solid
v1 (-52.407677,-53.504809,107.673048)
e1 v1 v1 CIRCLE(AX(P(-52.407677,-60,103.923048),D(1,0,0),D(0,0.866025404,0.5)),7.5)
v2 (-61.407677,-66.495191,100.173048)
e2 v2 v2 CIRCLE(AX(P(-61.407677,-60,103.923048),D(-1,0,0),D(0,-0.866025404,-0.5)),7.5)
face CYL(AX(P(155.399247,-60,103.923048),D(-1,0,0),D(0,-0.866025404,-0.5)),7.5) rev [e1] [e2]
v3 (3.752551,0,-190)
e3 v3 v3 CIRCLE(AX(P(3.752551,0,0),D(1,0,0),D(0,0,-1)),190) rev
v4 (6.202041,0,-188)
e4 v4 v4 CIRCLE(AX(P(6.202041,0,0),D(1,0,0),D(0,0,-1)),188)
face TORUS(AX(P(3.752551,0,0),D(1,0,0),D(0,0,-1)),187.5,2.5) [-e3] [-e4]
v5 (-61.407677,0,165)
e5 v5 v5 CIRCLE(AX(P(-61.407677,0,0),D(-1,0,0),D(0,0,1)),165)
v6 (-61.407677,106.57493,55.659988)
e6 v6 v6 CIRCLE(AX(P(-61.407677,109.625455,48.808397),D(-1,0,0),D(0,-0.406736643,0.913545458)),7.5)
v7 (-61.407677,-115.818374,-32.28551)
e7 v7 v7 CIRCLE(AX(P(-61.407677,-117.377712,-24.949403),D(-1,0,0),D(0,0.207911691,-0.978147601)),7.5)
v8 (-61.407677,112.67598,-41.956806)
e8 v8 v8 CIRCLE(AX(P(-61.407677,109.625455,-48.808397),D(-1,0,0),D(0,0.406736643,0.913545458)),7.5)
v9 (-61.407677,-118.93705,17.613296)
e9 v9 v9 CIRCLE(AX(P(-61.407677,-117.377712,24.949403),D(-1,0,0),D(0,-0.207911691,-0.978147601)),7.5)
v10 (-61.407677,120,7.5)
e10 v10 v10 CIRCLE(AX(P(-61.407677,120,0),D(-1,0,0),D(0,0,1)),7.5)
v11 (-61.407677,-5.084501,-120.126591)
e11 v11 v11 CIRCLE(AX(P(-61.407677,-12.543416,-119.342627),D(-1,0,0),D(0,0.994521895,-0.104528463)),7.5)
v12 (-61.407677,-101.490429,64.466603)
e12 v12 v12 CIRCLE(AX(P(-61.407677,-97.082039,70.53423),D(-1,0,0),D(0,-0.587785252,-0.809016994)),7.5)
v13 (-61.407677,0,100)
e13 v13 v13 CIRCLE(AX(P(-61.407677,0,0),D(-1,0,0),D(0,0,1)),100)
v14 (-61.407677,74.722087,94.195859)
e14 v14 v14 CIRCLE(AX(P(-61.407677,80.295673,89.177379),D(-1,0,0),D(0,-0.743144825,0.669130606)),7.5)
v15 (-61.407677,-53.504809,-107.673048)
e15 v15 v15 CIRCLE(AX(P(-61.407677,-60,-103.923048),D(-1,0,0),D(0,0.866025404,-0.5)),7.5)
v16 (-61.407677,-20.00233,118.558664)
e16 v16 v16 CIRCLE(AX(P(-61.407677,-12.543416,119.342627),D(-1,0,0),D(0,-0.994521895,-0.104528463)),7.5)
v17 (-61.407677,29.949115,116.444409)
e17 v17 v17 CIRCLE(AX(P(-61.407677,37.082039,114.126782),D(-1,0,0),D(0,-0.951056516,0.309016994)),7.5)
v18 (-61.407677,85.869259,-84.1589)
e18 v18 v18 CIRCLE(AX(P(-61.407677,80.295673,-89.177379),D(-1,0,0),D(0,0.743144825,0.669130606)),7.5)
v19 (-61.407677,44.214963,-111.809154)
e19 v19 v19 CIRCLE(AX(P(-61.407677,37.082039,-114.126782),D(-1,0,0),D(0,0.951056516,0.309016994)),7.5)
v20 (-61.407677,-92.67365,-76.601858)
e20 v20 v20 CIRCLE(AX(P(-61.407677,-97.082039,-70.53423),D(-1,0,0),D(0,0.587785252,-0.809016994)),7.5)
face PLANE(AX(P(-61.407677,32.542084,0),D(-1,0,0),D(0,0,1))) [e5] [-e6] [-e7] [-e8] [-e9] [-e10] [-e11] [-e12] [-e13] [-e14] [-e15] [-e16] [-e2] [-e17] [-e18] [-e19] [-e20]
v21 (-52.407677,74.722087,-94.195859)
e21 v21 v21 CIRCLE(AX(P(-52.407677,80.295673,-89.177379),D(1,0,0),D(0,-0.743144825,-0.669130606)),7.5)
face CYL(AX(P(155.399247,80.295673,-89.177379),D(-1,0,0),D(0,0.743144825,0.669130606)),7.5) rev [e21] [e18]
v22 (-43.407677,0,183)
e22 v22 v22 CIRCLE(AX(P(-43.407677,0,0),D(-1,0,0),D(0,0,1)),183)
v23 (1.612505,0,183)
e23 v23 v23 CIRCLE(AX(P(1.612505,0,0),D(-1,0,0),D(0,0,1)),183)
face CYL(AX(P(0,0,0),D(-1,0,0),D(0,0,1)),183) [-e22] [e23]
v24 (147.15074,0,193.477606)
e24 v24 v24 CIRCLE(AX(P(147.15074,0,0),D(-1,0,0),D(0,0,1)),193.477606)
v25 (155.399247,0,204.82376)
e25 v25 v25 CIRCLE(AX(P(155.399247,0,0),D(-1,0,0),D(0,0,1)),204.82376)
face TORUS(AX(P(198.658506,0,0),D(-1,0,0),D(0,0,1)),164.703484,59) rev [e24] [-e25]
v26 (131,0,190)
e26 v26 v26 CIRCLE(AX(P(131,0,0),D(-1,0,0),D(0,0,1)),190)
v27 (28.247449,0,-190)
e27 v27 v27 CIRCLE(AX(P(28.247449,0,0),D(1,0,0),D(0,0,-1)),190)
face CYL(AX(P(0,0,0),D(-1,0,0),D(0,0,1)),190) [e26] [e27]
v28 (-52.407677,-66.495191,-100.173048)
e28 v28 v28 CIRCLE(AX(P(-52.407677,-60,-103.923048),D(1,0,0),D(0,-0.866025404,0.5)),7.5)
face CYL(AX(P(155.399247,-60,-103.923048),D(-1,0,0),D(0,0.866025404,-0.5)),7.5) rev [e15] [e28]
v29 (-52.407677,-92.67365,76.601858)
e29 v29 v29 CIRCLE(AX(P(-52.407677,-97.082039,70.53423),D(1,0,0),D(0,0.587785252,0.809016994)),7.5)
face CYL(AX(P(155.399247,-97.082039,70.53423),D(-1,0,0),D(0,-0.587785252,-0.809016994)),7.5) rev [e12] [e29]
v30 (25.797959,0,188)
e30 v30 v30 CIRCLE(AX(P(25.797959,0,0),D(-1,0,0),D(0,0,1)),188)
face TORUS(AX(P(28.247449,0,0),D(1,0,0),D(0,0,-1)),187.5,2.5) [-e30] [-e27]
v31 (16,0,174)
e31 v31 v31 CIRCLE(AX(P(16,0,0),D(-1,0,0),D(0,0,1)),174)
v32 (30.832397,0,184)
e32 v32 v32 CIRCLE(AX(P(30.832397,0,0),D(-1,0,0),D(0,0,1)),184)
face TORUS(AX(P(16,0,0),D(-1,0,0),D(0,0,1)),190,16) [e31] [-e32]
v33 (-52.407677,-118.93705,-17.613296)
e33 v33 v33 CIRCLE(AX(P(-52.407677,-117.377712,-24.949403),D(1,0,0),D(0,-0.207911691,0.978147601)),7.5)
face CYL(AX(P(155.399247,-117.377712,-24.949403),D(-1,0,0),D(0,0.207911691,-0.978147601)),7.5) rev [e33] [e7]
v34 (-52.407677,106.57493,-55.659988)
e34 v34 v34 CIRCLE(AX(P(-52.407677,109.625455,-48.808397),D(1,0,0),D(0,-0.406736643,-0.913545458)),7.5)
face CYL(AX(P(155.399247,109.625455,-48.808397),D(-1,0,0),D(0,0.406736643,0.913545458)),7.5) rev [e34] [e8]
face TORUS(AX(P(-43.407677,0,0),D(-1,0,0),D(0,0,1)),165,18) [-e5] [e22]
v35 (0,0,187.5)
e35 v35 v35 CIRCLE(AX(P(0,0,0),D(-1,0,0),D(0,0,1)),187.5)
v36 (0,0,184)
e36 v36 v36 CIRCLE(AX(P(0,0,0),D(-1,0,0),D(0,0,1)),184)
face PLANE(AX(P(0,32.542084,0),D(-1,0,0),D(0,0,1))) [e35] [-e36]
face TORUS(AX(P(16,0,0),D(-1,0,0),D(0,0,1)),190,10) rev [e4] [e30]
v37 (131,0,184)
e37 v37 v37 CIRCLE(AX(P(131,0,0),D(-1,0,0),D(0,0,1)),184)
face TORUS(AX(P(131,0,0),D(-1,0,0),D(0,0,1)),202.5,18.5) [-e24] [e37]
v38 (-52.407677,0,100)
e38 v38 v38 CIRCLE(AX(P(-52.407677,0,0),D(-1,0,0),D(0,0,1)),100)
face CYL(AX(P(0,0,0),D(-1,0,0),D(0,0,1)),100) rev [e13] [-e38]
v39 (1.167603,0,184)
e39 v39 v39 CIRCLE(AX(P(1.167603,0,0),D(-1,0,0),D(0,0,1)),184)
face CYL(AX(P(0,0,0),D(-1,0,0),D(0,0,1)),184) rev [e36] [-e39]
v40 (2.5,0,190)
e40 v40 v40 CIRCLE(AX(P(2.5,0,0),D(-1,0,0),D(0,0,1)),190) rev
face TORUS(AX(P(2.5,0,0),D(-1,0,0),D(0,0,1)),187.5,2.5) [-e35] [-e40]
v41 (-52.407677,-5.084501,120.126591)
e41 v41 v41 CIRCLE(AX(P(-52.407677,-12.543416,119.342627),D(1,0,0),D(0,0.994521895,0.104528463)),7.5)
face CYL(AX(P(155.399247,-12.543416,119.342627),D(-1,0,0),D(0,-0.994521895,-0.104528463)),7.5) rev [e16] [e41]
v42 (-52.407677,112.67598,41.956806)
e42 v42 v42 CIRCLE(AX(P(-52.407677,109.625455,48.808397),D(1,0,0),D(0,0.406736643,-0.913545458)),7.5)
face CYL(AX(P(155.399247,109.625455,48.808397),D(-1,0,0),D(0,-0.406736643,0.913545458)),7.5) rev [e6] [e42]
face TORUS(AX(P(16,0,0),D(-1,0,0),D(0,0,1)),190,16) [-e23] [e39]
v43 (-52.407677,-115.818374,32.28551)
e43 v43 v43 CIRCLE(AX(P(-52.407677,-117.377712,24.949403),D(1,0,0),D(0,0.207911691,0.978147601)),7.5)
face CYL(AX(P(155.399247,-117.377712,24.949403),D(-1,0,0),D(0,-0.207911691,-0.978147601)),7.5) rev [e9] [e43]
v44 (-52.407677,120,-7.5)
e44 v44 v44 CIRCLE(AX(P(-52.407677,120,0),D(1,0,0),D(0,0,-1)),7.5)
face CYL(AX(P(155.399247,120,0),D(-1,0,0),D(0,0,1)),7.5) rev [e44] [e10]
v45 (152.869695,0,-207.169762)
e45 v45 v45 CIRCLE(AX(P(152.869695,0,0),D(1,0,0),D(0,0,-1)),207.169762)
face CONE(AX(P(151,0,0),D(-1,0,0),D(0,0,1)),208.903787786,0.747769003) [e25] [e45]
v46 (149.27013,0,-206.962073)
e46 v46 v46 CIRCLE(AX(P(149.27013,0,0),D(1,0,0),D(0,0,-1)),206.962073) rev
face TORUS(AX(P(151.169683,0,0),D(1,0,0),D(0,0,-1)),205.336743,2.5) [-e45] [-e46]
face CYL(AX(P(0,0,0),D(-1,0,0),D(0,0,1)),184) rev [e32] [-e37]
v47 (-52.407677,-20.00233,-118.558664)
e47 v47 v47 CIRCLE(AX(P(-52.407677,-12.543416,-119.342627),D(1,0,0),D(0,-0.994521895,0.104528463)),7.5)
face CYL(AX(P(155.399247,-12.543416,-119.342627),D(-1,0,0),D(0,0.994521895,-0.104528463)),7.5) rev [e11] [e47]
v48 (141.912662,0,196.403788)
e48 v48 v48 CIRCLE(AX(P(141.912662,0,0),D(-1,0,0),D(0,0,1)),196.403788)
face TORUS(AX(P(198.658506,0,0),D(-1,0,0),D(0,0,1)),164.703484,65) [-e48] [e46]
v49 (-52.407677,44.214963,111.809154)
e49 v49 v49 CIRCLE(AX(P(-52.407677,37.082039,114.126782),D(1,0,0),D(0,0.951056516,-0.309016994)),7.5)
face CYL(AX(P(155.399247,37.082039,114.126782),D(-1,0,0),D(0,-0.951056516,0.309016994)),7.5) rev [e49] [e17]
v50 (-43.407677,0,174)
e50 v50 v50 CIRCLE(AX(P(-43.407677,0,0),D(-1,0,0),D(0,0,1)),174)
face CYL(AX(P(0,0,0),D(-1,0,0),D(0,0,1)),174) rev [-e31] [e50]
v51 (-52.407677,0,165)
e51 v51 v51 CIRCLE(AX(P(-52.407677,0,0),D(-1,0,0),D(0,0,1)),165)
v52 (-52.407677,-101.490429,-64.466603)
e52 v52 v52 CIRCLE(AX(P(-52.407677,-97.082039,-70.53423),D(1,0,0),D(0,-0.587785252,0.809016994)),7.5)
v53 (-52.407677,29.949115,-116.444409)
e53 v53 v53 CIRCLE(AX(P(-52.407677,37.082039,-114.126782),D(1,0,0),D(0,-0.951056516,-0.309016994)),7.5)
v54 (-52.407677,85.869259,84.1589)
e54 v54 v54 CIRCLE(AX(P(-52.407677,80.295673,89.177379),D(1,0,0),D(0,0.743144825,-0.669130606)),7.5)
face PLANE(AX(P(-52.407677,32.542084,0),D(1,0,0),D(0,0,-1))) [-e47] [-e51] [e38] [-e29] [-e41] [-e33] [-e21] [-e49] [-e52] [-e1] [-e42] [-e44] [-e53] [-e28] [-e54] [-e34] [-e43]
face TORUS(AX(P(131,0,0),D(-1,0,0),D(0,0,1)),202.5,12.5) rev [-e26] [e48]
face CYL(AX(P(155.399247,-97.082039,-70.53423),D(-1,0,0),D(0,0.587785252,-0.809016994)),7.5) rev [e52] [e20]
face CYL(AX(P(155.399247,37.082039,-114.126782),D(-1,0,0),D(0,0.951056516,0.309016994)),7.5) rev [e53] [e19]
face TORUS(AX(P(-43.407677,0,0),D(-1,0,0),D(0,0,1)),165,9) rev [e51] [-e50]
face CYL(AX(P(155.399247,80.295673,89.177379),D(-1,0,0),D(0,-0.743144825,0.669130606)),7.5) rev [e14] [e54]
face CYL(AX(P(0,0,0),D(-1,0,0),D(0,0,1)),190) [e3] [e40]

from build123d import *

# Parameters (mm, degrees)
SKETCH2_R          = 7.5
CUT_EXTRUDE1_DEPTH = 367.451670999
CIRPATTERN1_COUNT  = 15
FILLET2_R          = 2.5


with BuildPart() as part:
    # Sketch1 → Revolve1 (revolve)
    with BuildSketch(Plane.XY, mode=Mode.PRIVATE) as revolve1_sk:
        with BuildLine():
            Line((16, 174), (-43.407676812, 174))
            ThreePointArc((-43.407676812, 174), (-49.771637843, 171.363961031), (-52.407676812, 165))
            Line((-52.407676812, 165), (-52.407676812, 100))
            Line((-52.407676812, 100), (-61.407676812, 100))
            Line((-61.407676812, 100), (-61.407676812, 165))
            ThreePointArc((-61.407676812, 165), (-56.135598874, 177.727922061), (-43.407676812, 183))
            Line((-43.407676812, 183), (1.61250543, 183))
            ThreePointArc((1.61250543, 183), (1.381500916, 183.496194611), (1.167603026, 184))
            Line((1.167603026, 184), (0, 184))
            Line((0, 184), (0, 190))
            Line((0, 190), (6, 190))
            ThreePointArc((6, 190), (16, 180), (26, 190))
            Line((26, 190), (131, 190))
            ThreePointArc((131, 190), (137.326426611, 191.719168569), (141.912662216, 196.403787786))
            ThreePointArc((141.912662216, 196.403787786), (146.083516094, 202.924819463), (151, 208.903787786))
            Line((151, 208.903787786), (155.399246684, 204.823759769))
            ThreePointArc((155.399246684, 204.823759769), (150.936592061, 199.396696214), (147.150740079, 193.477605923))
            ThreePointArc((147.150740079, 193.477605923), (140.363111384, 186.544369482), (131, 184))
            Line((131, 184), (30.832396974, 184))
            ThreePointArc((30.832396974, 184), (24.94427191, 176.733500839), (16, 174))
        make_face()
    revolve(revolve1_sk.sketch.rotate(Axis((0, 0, 0), (1, 0, 0)), 90), axis=Axis((0, 0, 0), (1, 0, 0)))

    # Sketch2 → Cut-Extrude1 (cut, through all)
    with BuildSketch(Plane.ZY.offset(61.407676812)):
        with Locations((0, 120)):
            Circle(SKETCH2_R)
    cut_extrude1 = extrude(amount=-CUT_EXTRUDE1_DEPTH, mode=Mode.SUBTRACT)

    # CirPattern1: Cut-Extrude1 ×15 about axis
    cirpattern1_axis = Axis((0, 0, 0), (1, 0, 0))
    for i in range(1, CIRPATTERN1_COUNT):
        add(cut_extrude1.rotate(cirpattern1_axis, i * 360 / CIRPATTERN1_COUNT), mode=Mode.SUBTRACT)

    # Fillet2
    fillet2_edges = [part.edges().sort_by_distance(p)[0] for p in [
        (0, 0, -190),
        (6, 0, -190),
        (26, 0, -190),
        (151, 0, -208.903787786),
    ]]
    fillet(fillet2_edges, radius=FILLET2_R)


solid = part.part
